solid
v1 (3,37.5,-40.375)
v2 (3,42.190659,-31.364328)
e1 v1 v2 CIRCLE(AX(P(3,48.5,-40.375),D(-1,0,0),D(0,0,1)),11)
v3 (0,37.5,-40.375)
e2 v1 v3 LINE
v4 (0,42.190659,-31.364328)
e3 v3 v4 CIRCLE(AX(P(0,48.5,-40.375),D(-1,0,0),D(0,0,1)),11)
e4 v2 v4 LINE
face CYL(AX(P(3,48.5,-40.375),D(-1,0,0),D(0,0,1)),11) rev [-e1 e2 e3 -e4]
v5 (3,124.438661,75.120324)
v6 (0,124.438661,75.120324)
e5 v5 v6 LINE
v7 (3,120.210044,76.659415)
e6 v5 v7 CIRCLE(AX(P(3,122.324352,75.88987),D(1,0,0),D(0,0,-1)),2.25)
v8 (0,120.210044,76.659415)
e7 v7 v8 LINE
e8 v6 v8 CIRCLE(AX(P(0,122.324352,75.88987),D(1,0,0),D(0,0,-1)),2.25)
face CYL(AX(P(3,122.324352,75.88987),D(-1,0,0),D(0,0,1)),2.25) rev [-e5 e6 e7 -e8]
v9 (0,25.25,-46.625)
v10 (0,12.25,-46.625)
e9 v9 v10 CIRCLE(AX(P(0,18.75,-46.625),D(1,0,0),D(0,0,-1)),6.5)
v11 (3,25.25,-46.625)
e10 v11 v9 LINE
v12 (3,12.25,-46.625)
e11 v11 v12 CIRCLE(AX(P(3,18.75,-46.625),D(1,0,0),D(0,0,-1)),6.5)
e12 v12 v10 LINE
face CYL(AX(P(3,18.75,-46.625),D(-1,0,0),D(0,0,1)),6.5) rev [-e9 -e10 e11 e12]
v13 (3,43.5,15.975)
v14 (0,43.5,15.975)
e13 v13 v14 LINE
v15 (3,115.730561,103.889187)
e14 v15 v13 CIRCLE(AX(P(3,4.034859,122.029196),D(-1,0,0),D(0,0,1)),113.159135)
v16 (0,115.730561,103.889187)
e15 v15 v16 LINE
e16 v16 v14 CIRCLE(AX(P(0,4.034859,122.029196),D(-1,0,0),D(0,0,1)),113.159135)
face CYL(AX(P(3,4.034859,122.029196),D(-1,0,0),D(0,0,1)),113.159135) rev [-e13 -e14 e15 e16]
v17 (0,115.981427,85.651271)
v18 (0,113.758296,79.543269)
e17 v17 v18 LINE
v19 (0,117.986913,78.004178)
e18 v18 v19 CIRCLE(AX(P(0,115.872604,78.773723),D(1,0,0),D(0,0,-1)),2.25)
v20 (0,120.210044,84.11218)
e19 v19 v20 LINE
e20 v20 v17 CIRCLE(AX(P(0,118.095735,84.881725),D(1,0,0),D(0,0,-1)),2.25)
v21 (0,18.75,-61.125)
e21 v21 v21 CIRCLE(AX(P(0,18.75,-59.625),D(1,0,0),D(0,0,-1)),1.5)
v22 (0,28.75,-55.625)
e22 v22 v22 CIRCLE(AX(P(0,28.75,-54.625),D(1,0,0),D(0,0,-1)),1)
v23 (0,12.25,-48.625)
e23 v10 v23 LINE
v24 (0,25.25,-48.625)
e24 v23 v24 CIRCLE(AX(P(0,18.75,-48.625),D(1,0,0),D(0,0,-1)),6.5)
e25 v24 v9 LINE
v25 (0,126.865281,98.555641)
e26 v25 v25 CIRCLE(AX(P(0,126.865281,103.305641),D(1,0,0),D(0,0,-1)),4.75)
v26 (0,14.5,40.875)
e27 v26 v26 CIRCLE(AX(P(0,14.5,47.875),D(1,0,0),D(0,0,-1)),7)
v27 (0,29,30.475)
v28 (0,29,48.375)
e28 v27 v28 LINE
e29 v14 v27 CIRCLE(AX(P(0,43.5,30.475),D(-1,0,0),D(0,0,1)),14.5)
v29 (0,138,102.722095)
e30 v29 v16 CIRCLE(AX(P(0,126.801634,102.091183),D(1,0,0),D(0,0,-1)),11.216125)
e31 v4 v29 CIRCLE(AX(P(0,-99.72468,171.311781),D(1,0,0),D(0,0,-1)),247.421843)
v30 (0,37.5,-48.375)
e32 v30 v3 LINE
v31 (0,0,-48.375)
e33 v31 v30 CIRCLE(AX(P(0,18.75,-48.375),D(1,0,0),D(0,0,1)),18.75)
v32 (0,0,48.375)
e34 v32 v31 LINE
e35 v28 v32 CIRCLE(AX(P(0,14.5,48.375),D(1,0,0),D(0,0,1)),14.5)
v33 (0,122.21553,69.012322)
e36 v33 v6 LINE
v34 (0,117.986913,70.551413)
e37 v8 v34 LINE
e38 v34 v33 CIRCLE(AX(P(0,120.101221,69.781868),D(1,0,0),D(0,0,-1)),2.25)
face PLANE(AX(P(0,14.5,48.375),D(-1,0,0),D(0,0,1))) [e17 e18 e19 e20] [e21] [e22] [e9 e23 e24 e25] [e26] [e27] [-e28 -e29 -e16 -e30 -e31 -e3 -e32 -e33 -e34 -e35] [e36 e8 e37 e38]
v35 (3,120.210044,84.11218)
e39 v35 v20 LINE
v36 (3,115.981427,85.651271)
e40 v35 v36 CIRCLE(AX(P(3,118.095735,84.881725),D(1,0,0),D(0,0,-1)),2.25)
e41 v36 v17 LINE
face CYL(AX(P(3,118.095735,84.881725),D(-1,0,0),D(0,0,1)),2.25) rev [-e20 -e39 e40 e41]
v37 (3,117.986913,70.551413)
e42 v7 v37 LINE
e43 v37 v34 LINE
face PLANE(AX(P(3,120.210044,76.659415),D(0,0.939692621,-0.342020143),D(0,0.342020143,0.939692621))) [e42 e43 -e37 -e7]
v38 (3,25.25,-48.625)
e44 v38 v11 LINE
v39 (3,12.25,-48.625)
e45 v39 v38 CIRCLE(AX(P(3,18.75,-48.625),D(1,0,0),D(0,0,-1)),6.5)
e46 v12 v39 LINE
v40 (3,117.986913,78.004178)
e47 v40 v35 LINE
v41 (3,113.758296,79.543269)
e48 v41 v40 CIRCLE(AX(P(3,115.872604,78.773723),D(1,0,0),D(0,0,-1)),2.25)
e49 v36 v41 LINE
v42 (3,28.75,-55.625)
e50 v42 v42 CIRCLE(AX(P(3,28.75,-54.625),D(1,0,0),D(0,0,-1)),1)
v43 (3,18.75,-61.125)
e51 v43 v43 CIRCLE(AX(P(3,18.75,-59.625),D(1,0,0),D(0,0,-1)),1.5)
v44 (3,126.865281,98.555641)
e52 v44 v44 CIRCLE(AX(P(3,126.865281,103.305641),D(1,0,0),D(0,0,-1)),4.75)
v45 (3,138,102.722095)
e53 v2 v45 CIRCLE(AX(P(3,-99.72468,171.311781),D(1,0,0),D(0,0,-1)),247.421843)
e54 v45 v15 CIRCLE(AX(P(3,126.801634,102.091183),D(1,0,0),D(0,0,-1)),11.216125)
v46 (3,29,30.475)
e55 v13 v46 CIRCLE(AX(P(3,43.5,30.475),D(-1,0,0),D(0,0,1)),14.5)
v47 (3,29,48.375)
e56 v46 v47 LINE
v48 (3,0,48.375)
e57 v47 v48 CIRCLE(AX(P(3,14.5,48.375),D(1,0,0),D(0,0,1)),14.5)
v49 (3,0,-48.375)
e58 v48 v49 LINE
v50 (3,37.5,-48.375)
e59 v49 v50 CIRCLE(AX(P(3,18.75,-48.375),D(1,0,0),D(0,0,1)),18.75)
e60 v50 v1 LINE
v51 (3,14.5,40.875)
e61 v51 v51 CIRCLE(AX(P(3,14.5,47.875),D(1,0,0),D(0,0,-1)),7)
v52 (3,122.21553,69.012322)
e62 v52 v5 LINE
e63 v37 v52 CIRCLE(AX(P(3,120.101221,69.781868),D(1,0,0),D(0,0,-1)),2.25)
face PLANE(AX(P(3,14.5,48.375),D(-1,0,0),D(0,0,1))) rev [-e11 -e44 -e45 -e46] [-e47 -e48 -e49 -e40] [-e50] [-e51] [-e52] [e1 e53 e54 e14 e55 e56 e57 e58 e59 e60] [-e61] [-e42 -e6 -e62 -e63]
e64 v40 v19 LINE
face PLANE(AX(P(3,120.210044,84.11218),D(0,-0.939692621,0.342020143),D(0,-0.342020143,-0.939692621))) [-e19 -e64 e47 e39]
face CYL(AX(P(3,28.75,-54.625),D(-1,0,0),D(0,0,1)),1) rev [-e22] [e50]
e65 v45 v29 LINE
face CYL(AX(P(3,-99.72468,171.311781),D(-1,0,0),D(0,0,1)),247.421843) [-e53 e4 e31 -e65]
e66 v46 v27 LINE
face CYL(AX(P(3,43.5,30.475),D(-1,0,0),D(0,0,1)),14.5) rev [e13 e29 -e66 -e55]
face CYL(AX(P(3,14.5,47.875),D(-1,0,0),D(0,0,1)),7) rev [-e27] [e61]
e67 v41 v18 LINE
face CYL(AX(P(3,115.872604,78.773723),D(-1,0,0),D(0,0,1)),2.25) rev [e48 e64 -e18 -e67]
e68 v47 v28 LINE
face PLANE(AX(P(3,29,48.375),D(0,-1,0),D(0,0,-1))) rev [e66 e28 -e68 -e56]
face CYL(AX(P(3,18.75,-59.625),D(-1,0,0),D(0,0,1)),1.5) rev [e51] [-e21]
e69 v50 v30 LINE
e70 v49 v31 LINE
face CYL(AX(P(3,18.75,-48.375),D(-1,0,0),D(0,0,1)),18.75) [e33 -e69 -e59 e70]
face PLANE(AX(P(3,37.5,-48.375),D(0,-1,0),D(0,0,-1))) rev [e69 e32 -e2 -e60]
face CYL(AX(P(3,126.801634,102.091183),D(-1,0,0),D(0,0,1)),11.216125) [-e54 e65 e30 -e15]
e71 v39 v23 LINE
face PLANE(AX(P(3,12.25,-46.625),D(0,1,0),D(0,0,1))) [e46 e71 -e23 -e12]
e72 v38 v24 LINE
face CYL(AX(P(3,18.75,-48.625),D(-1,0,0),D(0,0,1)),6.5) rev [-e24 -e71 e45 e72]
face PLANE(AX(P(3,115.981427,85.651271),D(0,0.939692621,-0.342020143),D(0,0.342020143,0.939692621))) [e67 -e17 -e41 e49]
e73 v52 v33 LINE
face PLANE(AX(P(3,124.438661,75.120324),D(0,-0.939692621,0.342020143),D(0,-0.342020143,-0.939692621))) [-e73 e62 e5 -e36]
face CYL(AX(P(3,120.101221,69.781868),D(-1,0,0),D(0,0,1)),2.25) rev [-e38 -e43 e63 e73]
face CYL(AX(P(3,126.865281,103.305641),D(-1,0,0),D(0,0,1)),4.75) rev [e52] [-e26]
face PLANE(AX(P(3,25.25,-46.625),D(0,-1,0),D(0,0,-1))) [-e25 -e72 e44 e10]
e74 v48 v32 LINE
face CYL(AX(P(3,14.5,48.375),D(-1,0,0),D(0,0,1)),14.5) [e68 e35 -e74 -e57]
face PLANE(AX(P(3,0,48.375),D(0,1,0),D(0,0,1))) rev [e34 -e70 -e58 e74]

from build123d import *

# Parameters (mm, degrees)
SKETCH1_R           = 1.5
SKETCH1_R_2         = 1
SKETCH1_R_3         = 7
SKETCH1_R_4         = 4.75
BOSS_EXTRUDE1_DEPTH = 3


with BuildPart() as part:
    # Sketch1 → Boss-Extrude1 (new body)
    with BuildSketch(Plane(origin=(0, 0, 0), x_dir=(0, 0, -1), z_dir=(1, 0, 0))):
        with BuildLine():
            Line((-48.375, 0), (48.375, 0))
            ThreePointArc((48.375, 0), (67.125, 18.75), (48.375, 37.5))
            Line((48.375, 37.5), (40.375, 37.5))
            ThreePointArc((40.375, 37.5), (35.295765254, 38.742880835), (31.364327513, 42.1906592))
            ThreePointArc((31.364327513, 42.1906592), (-27.467628368, 101.587088748), (-102.722095146, 138))
            ThreePointArc((-102.722095146, 138), (-113.291936406, 127.38864025), (-103.88918697, 115.730561375))
            ThreePointArc((-103.88918697, 115.730561375), (-50.193524878, 91.468412174), (-15.975, 43.5))
            ThreePointArc((-15.975, 43.5), (-20.221951673, 33.246951673), (-30.475, 29))
            Line((-30.475, 29), (-48.375, 29))
            ThreePointArc((-48.375, 29), (-62.875, 14.5), (-48.375, 0))
        make_face()
        with Locations((59.625, 18.75)):
            Circle(SKETCH1_R, mode=Mode.SUBTRACT)
        with Locations((54.625, 28.75)):
            Circle(SKETCH1_R_2, mode=Mode.SUBTRACT)
        with Locations((-47.875, 14.5)):
            Circle(SKETCH1_R_3, mode=Mode.SUBTRACT)
        with Locations((-103.305641058, 126.865280687)):
            Circle(SKETCH1_R_4, mode=Mode.SUBTRACT)
        with BuildLine():
            Line((-84.112179989, 120.210043762), (-78.004177954, 117.98691283))
            ThreePointArc((-78.004177954, 117.98691283), (-76.659414879, 115.103059111), (-79.543268599, 113.758296037))
            Line((-79.543268599, 113.758296037), (-85.651270634, 115.981426968))
            ThreePointArc((-85.651270634, 115.981426968), (-86.996033708, 118.865280687), (-84.112179989, 120.210043762))
        make_face(mode=Mode.SUBTRACT)
        with BuildLine():
            Line((-75.120324234, 124.438660555), (-69.012322199, 122.215529624))
            ThreePointArc((-69.012322199, 122.215529624), (-67.667559125, 119.331675904), (-70.551412844, 117.98691283))
            Line((-70.551412844, 117.98691283), (-76.659414879, 120.210043762))
            ThreePointArc((-76.659414879, 120.210043762), (-78.004177954, 123.093897481), (-75.120324234, 124.438660555))
        make_face(mode=Mode.SUBTRACT)
        with BuildLine():
            Line((46.625, 25.25), (48.625, 25.25))
            ThreePointArc((48.625, 25.25), (55.125, 18.75), (48.625, 12.25))
            Line((48.625, 12.25), (46.625, 12.25))
            ThreePointArc((46.625, 12.25), (40.125, 18.75), (46.625, 25.25))
        make_face(mode=Mode.SUBTRACT)
    extrude(amount=BOSS_EXTRUDE1_DEPTH)


solid = part.part
